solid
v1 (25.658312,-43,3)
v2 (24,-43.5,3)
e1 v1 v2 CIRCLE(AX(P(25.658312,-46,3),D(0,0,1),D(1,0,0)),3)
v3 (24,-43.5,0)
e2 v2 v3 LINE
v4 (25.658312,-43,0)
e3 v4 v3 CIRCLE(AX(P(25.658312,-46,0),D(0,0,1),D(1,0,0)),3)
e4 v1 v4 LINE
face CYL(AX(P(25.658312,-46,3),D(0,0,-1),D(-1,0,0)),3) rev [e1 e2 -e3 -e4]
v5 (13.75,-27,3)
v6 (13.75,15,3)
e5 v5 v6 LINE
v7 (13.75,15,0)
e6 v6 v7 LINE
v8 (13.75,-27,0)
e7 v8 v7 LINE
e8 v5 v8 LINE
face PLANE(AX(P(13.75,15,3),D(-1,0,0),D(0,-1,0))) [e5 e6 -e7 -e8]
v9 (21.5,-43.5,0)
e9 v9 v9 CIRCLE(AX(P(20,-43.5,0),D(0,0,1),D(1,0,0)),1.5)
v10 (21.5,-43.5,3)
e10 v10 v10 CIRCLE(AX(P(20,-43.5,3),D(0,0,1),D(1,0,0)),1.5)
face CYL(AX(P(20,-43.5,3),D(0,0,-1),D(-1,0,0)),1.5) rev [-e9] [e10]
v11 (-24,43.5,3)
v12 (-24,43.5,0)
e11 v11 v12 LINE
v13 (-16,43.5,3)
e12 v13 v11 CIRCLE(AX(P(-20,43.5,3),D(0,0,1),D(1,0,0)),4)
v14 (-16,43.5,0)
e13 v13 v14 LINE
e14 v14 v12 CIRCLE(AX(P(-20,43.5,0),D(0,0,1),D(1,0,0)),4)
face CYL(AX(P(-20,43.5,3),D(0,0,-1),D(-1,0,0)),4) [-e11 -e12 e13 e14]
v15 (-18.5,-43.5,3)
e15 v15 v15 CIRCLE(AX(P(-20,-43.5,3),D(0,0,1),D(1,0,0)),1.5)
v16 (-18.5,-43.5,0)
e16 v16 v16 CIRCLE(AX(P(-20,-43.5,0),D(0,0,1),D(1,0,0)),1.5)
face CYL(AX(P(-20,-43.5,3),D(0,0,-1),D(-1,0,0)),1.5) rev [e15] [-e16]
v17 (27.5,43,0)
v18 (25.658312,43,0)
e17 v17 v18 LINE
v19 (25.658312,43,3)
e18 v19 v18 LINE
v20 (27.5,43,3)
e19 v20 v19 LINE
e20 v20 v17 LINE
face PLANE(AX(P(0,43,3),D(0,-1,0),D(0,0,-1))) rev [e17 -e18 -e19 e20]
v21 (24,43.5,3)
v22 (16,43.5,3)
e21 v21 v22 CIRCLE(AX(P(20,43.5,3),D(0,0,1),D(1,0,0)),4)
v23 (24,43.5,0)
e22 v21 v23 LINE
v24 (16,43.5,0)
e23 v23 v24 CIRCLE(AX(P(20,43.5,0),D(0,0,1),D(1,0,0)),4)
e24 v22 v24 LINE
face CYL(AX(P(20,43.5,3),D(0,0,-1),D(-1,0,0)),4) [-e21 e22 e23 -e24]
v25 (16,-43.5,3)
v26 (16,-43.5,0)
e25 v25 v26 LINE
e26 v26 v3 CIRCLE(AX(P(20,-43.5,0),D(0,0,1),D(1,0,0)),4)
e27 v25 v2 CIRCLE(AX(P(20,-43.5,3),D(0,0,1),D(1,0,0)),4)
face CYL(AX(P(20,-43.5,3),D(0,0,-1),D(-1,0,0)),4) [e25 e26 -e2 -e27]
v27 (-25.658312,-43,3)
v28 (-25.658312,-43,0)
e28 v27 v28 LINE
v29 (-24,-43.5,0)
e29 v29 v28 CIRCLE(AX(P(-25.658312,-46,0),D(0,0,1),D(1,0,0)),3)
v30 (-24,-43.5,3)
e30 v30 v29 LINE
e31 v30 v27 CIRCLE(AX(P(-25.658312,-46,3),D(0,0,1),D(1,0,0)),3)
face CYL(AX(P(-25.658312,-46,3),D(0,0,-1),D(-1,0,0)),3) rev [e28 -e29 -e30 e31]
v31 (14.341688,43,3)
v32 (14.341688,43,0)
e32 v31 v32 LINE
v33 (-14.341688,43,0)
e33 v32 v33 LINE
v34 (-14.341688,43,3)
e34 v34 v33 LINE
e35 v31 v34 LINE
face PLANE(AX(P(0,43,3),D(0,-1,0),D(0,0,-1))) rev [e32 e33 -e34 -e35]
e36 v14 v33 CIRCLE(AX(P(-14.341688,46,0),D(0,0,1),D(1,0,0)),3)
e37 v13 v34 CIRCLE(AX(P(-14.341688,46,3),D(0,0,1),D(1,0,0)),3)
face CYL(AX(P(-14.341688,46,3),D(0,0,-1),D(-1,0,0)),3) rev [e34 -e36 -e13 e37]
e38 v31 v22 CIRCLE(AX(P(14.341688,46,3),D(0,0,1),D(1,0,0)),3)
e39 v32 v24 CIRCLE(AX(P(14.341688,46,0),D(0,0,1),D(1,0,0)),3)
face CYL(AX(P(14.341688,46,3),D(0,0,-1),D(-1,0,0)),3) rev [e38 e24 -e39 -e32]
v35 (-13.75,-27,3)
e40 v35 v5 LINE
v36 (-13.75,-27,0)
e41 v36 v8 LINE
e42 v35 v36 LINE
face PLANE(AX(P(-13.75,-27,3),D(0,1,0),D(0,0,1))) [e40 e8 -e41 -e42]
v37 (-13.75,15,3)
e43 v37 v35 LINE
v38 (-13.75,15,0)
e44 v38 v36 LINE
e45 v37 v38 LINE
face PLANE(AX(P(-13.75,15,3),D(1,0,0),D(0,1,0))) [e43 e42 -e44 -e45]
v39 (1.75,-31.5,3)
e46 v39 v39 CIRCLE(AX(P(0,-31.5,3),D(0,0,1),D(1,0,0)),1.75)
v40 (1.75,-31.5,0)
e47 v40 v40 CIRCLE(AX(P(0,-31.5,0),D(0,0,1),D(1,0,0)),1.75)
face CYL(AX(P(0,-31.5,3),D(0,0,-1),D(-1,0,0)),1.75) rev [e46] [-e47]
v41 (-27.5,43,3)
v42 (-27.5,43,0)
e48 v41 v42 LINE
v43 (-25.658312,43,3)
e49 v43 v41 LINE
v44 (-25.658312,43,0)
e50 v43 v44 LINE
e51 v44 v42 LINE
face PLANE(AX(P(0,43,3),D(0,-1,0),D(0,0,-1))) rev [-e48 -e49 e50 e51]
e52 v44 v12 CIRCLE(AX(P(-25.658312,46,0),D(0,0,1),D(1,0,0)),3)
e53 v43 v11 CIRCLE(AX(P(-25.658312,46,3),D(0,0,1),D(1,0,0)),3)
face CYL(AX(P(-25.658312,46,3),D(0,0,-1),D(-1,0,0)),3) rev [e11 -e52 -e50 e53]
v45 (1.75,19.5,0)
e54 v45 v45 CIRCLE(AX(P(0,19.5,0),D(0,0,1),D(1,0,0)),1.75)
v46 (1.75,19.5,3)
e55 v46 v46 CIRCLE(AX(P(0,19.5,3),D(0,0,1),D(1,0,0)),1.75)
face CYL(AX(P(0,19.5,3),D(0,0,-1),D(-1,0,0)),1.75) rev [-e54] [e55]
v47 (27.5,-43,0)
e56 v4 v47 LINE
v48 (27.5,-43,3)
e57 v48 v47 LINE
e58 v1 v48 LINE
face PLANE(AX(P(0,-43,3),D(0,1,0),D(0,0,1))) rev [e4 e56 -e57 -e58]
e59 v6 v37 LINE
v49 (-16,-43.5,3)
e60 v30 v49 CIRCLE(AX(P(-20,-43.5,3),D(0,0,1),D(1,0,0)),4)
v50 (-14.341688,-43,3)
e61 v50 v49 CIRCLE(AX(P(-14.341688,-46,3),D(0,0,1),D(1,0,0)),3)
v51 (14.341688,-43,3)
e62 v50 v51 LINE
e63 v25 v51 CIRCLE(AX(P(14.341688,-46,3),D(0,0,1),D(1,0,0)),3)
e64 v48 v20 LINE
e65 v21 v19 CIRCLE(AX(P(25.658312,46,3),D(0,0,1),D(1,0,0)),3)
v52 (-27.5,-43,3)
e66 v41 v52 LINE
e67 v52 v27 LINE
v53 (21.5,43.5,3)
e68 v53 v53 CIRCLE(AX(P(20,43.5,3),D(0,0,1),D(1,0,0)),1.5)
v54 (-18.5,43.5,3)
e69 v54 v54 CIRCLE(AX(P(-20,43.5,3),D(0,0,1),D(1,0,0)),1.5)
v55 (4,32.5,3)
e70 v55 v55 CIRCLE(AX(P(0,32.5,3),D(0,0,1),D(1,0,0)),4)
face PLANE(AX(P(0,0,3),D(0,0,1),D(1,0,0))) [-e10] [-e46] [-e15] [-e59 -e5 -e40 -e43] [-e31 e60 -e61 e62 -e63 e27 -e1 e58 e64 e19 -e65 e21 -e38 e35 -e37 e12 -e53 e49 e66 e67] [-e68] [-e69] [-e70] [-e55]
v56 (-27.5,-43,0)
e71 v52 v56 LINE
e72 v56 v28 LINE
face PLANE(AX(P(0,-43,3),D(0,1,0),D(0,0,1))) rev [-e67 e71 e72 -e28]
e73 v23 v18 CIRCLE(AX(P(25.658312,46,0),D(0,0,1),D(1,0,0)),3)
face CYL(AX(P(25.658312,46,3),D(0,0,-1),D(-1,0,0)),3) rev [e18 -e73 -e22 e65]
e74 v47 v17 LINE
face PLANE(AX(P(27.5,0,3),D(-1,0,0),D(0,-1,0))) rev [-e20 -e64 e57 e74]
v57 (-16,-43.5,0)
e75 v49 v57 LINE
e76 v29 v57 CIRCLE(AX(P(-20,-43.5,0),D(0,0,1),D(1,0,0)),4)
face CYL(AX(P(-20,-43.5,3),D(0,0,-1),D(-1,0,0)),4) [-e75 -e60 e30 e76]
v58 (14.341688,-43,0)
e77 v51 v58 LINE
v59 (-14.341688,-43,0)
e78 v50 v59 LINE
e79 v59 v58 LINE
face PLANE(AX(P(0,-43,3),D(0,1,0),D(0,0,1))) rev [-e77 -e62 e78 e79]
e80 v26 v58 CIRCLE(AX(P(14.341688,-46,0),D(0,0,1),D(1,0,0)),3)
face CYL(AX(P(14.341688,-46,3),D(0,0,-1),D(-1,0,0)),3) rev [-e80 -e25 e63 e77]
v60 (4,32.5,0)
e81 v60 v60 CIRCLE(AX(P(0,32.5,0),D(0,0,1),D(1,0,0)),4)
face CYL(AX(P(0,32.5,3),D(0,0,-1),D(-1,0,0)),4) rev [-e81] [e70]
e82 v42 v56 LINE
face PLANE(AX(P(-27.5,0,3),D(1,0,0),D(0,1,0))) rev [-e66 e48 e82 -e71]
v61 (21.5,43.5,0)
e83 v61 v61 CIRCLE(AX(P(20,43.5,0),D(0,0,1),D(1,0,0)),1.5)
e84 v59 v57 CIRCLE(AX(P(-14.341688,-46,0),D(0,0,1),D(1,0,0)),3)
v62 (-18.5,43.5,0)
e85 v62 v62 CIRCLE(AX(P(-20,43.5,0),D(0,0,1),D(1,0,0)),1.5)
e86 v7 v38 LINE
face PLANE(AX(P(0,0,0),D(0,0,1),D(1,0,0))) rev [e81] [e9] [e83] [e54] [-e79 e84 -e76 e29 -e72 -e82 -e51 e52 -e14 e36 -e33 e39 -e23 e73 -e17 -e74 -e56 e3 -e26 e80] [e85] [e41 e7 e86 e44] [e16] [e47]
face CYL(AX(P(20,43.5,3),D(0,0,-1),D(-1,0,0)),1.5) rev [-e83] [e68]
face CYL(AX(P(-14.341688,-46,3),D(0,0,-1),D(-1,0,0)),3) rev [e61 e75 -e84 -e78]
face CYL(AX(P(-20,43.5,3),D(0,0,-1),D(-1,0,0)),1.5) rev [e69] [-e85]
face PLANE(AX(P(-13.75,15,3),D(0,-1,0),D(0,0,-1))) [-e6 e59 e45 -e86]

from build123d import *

# Parameters (mm, degrees)
SKETCH1_R           = 1.5
BOSS_EXTRUDE1_DEPTH = 3
SKETCH2_R           = 4
SKETCH2_R_2         = 1.75
SKETCH2_W           = 27.5
SKETCH2_H           = 42
CUT_EXTRUDE1_DEPTH  = 55.968172609


with BuildPart() as part:
    # Sketch1 → Boss-Extrude1 (new body)
    with BuildSketch(Plane.XY):
        with BuildLine():
            ThreePointArc((-14.341687605, -43), (-15.207713009, -43.127718677), (-16, -43.5))
            ThreePointArc((-16, -43.5), (-20, -47.5), (-24, -43.5))
            ThreePointArc((-24, -43.5), (-24.792286991, -43.127718677), (-25.658312395, -43))
            Line((-25.658312395, -43), (-27.5, -43))
            Line((-27.5, -43), (-27.5, 43))
            Line((-27.5, 43), (-25.658312395, 43))
            ThreePointArc((-25.658312395, 43), (-24.792286991, 43.127718677), (-24, 43.5))
            ThreePointArc((-24, 43.5), (-20, 47.5), (-16, 43.5))
            ThreePointArc((-16, 43.5), (-15.207713009, 43.127718677), (-14.341687605, 43))
            Line((-14.341687605, 43), (-10.658312395, 43))
            Line((-10.658312395, 43), (10.658312395, 43))
            Line((10.658312395, 43), (14.341687605, 43))
            ThreePointArc((14.341687605, 43), (15.207713009, 43.127718677), (16, 43.5))
            ThreePointArc((16, 43.5), (20, 47.5), (24, 43.5))
            ThreePointArc((24, 43.5), (24.792286991, 43.127718677), (25.658312395, 43))
            Line((25.658312395, 43), (27.5, 43))
            Line((27.5, 43), (27.5, -43))
            Line((27.5, -43), (25.658312395, -43))
            ThreePointArc((25.658312395, -43), (24.792286991, -43.127718677), (24, -43.5))
            ThreePointArc((24, -43.5), (20, -47.5), (16, -43.5))
            ThreePointArc((16, -43.5), (15.207713009, -43.127718677), (14.341687605, -43))
            Line((14.341687605, -43), (10.658312395, -43))
            Line((10.658312395, -43), (-10.658312395, -43))
            Line((-10.658312395, -43), (-14.341687605, -43))
        make_face()
        with Locations((20, -43.5)):
            Circle(SKETCH1_R, mode=Mode.SUBTRACT)
        with Locations((-20, -43.5)):
            Circle(SKETCH1_R, mode=Mode.SUBTRACT)
        with Locations((20, 43.5)):
            Circle(SKETCH1_R, mode=Mode.SUBTRACT)
        with Locations((-20, 43.5)):
            Circle(SKETCH1_R, mode=Mode.SUBTRACT)
    extrude(amount=BOSS_EXTRUDE1_DEPTH)

    # Sketch2 → Cut-Extrude1 (cut, through all)
    with BuildSketch(Plane.XY):
        with Locations((0, 32.5)):
            Circle(SKETCH2_R)
        with Locations((0, 19.5)):
            Circle(SKETCH2_R_2)
        with Locations((0, -31.5)):
            Circle(SKETCH2_R_2)
        with Locations((0, -6)):
            Rectangle(SKETCH2_W, SKETCH2_H)
    extrude(amount=CUT_EXTRUDE1_DEPTH, mode=Mode.SUBTRACT)


solid = part.part
